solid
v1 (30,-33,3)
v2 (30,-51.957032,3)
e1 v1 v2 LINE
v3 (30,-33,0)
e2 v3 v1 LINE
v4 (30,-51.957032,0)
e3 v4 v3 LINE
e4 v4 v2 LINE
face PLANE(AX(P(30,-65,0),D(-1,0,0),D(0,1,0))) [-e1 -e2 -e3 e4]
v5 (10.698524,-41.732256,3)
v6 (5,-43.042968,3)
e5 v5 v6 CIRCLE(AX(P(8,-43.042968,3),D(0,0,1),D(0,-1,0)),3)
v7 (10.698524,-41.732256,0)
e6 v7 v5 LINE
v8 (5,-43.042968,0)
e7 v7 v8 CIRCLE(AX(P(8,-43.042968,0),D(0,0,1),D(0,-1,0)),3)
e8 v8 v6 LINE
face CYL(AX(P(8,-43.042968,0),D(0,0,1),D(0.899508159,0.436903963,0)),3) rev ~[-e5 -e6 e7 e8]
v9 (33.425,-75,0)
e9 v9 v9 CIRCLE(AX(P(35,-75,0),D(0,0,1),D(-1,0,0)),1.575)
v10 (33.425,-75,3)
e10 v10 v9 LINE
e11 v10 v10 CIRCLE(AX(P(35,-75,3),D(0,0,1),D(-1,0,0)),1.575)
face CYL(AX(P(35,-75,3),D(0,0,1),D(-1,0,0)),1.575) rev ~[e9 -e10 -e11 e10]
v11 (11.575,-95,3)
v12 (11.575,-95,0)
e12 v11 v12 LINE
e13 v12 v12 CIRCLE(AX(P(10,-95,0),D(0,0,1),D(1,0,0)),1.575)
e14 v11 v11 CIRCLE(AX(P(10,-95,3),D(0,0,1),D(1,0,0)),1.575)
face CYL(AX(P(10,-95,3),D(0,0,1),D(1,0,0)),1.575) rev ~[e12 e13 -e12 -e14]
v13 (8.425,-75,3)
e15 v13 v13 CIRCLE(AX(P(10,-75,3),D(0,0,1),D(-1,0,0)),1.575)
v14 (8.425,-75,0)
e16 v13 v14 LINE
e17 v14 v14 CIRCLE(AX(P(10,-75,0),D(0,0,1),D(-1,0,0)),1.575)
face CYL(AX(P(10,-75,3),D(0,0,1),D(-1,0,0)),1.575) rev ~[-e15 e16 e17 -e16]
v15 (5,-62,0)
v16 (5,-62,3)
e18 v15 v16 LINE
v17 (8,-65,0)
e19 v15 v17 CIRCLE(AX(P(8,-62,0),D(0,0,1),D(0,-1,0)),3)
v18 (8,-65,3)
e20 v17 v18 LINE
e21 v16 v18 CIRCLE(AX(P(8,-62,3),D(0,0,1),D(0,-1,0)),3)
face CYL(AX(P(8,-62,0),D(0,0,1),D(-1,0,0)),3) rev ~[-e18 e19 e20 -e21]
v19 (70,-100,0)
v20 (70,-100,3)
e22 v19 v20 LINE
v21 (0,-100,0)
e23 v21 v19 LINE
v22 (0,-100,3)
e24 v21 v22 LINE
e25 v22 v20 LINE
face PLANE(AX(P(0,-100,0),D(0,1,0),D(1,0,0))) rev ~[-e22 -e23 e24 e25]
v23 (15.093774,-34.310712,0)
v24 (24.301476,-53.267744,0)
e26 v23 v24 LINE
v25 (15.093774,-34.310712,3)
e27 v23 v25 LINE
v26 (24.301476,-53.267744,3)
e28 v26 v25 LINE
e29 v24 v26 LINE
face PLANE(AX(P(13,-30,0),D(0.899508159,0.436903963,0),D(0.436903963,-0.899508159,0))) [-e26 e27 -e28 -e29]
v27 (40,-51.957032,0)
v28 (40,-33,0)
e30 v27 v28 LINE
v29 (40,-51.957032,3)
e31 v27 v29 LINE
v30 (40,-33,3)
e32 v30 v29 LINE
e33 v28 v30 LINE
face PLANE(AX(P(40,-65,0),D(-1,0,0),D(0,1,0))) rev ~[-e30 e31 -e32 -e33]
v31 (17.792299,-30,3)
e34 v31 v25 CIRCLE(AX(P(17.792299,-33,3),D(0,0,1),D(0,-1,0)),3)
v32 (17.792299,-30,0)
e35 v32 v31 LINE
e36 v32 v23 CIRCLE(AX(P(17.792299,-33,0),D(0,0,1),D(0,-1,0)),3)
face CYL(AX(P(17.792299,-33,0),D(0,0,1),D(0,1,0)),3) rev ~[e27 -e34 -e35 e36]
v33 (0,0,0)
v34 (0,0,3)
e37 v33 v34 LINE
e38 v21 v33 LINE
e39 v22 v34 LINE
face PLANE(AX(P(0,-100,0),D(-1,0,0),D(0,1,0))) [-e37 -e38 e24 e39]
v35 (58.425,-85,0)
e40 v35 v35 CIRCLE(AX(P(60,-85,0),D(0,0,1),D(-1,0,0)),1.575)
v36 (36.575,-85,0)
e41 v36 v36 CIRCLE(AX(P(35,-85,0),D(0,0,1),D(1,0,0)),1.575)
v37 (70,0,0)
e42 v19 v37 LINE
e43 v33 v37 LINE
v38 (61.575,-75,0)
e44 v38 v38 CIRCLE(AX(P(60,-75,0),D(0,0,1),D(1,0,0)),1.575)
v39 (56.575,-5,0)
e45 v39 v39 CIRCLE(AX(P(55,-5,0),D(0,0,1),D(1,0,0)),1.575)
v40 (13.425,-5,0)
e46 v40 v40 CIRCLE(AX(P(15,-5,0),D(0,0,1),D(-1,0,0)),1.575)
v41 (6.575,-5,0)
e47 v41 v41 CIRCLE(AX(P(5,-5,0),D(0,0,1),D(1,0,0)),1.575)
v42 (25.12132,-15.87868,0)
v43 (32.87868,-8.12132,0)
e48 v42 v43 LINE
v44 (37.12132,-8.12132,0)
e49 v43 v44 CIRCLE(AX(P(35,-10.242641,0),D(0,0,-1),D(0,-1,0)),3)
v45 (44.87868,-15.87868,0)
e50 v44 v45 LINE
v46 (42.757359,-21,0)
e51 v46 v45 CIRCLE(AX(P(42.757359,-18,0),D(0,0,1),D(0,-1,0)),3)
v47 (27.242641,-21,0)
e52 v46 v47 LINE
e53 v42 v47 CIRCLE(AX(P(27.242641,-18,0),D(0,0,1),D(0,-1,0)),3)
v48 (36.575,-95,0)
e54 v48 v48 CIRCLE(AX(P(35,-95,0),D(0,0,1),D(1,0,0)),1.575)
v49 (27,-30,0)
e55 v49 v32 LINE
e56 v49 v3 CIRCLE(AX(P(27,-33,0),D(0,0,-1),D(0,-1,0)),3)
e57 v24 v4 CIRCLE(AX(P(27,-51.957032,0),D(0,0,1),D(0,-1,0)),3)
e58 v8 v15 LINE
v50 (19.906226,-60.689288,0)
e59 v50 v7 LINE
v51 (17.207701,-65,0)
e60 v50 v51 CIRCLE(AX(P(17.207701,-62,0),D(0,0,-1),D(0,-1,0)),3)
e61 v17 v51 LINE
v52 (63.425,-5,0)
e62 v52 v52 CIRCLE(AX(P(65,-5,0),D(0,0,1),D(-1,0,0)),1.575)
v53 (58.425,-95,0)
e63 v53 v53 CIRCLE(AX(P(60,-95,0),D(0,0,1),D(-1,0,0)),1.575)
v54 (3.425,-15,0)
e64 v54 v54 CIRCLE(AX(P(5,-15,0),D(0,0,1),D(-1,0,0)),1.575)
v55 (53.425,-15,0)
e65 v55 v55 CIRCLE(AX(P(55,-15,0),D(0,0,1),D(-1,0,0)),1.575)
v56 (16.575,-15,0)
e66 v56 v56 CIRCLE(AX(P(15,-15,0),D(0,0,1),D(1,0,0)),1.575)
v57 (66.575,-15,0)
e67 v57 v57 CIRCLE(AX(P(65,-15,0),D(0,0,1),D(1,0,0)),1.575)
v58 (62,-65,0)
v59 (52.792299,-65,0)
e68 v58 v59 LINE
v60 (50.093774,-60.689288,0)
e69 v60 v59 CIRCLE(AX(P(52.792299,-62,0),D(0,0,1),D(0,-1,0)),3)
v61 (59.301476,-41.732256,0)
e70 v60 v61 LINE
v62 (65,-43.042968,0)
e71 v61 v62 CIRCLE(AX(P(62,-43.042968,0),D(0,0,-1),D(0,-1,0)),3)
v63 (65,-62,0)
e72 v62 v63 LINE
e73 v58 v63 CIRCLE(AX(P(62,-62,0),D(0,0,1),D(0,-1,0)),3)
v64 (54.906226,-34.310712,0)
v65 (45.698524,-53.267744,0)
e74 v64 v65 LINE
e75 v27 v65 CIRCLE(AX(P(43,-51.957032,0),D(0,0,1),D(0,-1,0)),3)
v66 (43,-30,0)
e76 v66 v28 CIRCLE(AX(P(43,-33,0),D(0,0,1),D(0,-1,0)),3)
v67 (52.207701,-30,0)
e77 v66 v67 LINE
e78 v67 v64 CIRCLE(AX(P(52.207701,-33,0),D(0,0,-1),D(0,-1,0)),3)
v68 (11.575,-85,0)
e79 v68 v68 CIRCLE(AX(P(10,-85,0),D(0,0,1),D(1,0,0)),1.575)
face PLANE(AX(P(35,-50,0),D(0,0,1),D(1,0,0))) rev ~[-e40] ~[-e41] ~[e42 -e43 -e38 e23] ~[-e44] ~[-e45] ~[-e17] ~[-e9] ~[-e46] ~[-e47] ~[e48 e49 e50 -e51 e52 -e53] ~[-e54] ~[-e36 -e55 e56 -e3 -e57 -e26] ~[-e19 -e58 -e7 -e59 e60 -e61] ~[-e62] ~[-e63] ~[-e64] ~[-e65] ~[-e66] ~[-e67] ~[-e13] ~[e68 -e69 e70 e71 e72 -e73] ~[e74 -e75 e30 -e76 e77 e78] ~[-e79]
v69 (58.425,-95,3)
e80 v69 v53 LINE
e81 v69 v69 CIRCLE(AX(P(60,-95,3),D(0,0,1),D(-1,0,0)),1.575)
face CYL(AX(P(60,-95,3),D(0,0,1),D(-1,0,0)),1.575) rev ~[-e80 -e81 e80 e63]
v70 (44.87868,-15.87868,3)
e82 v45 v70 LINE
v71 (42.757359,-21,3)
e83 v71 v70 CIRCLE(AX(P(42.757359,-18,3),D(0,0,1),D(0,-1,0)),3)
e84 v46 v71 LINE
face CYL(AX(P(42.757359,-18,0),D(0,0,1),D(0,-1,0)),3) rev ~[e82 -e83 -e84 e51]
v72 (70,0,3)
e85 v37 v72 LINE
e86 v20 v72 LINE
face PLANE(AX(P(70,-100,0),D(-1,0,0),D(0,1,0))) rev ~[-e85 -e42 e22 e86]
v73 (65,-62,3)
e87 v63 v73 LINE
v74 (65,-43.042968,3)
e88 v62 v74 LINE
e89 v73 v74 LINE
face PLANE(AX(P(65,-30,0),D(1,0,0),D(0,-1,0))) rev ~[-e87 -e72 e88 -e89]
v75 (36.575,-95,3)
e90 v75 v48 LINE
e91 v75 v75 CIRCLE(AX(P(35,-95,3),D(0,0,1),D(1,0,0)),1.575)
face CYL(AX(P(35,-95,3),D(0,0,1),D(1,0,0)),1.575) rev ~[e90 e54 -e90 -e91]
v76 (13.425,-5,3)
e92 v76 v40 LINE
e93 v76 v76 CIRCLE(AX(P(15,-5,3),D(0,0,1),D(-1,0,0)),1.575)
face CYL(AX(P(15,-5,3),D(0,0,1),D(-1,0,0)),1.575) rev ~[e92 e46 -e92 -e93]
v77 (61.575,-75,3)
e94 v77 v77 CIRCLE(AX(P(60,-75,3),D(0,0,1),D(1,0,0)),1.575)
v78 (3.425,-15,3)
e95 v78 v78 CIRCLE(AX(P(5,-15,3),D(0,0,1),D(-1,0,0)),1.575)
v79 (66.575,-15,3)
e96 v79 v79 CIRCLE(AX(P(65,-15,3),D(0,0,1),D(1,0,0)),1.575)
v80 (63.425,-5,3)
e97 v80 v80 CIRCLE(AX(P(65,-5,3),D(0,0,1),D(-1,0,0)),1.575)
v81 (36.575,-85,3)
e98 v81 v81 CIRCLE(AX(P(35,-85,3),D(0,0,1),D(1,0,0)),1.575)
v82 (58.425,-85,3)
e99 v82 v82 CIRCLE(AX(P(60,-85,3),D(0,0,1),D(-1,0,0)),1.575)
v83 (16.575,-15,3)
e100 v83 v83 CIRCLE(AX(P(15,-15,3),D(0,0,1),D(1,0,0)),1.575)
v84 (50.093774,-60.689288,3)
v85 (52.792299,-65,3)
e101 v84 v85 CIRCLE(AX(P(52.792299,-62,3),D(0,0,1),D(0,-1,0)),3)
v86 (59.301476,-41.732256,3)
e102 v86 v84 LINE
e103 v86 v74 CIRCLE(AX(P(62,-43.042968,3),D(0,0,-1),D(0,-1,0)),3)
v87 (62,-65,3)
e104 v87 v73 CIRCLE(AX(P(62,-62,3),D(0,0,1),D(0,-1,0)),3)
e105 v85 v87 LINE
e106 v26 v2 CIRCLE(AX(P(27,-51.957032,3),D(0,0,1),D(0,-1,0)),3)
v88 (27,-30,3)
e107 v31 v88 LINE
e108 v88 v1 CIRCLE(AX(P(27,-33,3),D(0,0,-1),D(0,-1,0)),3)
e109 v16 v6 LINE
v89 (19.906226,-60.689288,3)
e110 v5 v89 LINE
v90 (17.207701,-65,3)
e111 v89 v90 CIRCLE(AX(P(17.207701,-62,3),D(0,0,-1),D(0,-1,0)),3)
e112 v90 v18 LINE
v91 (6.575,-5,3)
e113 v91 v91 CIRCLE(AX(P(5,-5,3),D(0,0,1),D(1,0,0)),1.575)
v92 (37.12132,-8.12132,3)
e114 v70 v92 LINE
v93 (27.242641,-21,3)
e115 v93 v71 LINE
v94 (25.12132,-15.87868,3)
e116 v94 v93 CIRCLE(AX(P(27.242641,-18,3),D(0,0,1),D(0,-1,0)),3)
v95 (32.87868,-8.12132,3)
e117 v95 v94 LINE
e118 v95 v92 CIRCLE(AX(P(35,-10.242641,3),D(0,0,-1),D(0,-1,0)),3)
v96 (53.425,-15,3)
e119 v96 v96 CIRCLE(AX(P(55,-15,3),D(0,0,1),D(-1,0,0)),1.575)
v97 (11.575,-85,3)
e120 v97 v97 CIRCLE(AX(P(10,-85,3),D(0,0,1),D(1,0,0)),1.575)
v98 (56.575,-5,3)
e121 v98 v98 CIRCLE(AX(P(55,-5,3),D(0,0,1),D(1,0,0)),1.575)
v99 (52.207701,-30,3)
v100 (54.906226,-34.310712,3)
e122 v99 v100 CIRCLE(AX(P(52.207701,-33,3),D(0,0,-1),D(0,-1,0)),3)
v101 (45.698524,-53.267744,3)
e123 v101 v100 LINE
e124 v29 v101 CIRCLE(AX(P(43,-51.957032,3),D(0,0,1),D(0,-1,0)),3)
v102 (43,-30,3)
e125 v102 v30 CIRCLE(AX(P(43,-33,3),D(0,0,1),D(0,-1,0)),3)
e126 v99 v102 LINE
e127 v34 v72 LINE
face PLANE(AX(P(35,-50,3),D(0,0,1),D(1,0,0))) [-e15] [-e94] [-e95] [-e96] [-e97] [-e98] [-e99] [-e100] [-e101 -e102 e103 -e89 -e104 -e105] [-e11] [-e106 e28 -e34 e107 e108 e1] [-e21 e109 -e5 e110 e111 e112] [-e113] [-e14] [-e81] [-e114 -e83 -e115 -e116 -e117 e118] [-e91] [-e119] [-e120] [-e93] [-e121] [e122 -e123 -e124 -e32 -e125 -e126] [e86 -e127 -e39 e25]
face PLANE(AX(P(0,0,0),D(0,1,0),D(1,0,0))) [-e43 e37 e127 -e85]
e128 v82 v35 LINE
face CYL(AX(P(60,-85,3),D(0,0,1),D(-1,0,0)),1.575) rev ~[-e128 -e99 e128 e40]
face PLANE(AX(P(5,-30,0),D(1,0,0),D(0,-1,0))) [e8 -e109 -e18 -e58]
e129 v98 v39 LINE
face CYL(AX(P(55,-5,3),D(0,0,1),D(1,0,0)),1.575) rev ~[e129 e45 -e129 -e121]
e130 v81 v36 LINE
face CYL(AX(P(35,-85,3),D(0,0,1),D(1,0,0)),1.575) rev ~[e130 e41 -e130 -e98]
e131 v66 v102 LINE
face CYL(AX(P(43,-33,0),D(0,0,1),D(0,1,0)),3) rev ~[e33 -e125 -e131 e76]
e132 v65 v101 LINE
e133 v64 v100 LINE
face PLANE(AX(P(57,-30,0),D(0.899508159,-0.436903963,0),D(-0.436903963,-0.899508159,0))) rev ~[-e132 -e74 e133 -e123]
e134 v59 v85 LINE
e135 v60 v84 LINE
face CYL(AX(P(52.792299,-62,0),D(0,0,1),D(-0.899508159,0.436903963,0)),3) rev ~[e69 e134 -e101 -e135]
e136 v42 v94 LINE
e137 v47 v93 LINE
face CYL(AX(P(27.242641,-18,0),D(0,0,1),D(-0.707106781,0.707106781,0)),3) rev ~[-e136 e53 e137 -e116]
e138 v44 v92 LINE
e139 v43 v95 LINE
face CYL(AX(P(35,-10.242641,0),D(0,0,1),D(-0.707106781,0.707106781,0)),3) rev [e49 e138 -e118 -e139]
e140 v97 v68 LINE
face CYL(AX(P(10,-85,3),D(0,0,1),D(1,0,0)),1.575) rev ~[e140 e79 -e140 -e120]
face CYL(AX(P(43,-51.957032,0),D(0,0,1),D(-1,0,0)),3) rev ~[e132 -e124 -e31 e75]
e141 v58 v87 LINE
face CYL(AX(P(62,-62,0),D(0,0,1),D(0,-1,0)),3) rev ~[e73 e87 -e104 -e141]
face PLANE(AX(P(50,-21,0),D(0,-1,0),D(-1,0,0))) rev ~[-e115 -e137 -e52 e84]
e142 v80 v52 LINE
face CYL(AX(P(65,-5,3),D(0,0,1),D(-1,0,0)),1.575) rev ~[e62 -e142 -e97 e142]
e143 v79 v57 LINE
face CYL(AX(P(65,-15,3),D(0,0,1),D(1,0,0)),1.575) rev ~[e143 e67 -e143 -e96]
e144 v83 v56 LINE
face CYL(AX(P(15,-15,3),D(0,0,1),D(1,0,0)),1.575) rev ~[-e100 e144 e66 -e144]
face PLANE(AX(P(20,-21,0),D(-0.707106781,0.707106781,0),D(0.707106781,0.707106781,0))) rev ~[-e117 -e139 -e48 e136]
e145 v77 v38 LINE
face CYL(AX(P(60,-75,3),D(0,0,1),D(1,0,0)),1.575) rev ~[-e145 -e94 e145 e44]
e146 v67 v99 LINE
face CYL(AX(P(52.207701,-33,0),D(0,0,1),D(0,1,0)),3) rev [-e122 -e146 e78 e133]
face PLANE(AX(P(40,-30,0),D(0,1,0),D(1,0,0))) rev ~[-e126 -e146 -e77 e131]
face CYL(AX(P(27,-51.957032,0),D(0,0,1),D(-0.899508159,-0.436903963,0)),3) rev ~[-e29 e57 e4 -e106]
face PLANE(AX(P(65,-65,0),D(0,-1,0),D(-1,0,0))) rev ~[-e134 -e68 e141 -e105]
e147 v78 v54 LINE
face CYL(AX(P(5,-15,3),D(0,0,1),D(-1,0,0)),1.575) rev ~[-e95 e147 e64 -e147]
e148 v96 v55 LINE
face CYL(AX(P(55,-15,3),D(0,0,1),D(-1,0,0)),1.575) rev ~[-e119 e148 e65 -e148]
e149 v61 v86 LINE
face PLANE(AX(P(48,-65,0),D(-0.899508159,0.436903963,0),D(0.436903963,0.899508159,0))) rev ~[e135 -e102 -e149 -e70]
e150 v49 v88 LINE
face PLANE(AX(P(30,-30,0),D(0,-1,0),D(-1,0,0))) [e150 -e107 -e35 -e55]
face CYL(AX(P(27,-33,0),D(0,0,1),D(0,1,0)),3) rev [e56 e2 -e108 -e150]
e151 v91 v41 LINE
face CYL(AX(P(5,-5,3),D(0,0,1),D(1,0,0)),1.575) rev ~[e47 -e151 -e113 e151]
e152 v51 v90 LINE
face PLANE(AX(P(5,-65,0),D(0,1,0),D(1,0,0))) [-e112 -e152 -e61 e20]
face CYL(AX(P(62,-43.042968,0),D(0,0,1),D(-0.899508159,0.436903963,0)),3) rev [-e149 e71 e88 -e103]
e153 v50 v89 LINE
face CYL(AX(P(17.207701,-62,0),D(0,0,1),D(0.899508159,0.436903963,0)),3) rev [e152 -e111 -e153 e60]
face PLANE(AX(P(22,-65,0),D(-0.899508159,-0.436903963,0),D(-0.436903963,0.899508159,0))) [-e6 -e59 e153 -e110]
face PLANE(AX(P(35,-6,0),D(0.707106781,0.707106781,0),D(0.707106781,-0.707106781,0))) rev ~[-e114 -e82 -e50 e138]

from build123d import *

# Parameters (mm, degrees)
SKETCH_1_W          = 70
SKETCH_1_H          = 100
EXTRUDE_1_DEPTH     = 3
SKETCH_2_R          = 1.575
CUT_EXTRUDE_1_DEPTH = 123.102416029
CUT_EXTRUDE_2_DEPTH = 123.102416029
FILLET_2_R          = 3


with BuildPart() as part:
    # 草图1 → 凸台-拉伸1 (new body)
    with BuildSketch(Plane.XY):
        with Locations((35, -50)):
            Rectangle(SKETCH_1_W, SKETCH_1_H)
    extrude(amount=EXTRUDE_1_DEPTH)

    # 草图2 → 切除-拉伸1 (cut, through all)
    with BuildSketch(Plane.XY.offset(3)):
        with Locations((5, -5)):
            Circle(SKETCH_2_R)
        with Locations(Location((15, -5, 0), (0, 0, 180))):
            Circle(SKETCH_2_R)
        with Locations((15, -15)):
            Circle(SKETCH_2_R)
        with Locations(Location((5, -15, 0), (0, 0, 180))):
            Circle(SKETCH_2_R)
        with Locations((65, -15)):
            Circle(SKETCH_2_R)
        with Locations(Location((55, -15, 0), (0, 0, 180))):
            Circle(SKETCH_2_R)
        with Locations((55, -5)):
            Circle(SKETCH_2_R)
        with Locations(Location((65, -5, 0), (0, 0, 180))):
            Circle(SKETCH_2_R)
        with Locations((10, -85)):
            Circle(SKETCH_2_R)
        with Locations((35, -85)):
            Circle(SKETCH_2_R)
        with Locations(Location((60, -85, 0), (0, 0, 180))):
            Circle(SKETCH_2_R)
        with Locations((60, -75)):
            Circle(SKETCH_2_R)
        with Locations(Location((35, -75, 0), (0, 0, 180))):
            Circle(SKETCH_2_R)
        with Locations(Location((10, -75, 0), (0, 0, 180))):
            Circle(SKETCH_2_R)
        with Locations((10, -95)):
            Circle(SKETCH_2_R)
        with Locations((35, -95)):
            Circle(SKETCH_2_R)
        with Locations(Location((60, -95, 0), (0, 0, 180))):
            Circle(SKETCH_2_R)
    extrude(amount=-CUT_EXTRUDE_1_DEPTH, mode=Mode.SUBTRACT)

    # 草图3 → 切除-拉伸2 (cut, through all)
    with BuildSketch(Plane(origin=(0, 0, 0), x_dir=(-1, 0, 0), z_dir=(0, 0, -1))):
        Polygon((-65, -30), (-65, -65), (-48, -65), align=None)
        Polygon((-57, -30), (-40, -65), (-40, -30), align=None)
        Polygon((-30, -30), (-13, -30), (-30, -65), align=None)
        Polygon((-22, -65), (-5, -30), (-5, -65), align=None)
        Polygon((-35, -6), (-50, -21), (-20, -21), align=None)
    extrude(amount=-CUT_EXTRUDE_2_DEPTH, mode=Mode.SUBTRACT)

    # 圆角2
    fillet_2_edges = [part.edges().sort_by_distance(p)[0] for p in [
        (57, -30, 1.5),
        (40, -30, 1.5),
        (40, -65, 1.5),
        (30, -65, 1.5),
        (30, -30, 1.5),
        (13, -30, 1.5),
        (5, -65, 1.5),
        (22, -65, 1.5),
        (5, -30, 1.5),
        (35, -6, 1.5),
        (20, -21, 1.5),
        (50, -21, 1.5),
        (65, -30, 1.5),
        (48, -65, 1.5),
        (65, -65, 1.5),
    ]]
    fillet(fillet_2_edges, radius=FILLET_2_R)


solid = part.part
